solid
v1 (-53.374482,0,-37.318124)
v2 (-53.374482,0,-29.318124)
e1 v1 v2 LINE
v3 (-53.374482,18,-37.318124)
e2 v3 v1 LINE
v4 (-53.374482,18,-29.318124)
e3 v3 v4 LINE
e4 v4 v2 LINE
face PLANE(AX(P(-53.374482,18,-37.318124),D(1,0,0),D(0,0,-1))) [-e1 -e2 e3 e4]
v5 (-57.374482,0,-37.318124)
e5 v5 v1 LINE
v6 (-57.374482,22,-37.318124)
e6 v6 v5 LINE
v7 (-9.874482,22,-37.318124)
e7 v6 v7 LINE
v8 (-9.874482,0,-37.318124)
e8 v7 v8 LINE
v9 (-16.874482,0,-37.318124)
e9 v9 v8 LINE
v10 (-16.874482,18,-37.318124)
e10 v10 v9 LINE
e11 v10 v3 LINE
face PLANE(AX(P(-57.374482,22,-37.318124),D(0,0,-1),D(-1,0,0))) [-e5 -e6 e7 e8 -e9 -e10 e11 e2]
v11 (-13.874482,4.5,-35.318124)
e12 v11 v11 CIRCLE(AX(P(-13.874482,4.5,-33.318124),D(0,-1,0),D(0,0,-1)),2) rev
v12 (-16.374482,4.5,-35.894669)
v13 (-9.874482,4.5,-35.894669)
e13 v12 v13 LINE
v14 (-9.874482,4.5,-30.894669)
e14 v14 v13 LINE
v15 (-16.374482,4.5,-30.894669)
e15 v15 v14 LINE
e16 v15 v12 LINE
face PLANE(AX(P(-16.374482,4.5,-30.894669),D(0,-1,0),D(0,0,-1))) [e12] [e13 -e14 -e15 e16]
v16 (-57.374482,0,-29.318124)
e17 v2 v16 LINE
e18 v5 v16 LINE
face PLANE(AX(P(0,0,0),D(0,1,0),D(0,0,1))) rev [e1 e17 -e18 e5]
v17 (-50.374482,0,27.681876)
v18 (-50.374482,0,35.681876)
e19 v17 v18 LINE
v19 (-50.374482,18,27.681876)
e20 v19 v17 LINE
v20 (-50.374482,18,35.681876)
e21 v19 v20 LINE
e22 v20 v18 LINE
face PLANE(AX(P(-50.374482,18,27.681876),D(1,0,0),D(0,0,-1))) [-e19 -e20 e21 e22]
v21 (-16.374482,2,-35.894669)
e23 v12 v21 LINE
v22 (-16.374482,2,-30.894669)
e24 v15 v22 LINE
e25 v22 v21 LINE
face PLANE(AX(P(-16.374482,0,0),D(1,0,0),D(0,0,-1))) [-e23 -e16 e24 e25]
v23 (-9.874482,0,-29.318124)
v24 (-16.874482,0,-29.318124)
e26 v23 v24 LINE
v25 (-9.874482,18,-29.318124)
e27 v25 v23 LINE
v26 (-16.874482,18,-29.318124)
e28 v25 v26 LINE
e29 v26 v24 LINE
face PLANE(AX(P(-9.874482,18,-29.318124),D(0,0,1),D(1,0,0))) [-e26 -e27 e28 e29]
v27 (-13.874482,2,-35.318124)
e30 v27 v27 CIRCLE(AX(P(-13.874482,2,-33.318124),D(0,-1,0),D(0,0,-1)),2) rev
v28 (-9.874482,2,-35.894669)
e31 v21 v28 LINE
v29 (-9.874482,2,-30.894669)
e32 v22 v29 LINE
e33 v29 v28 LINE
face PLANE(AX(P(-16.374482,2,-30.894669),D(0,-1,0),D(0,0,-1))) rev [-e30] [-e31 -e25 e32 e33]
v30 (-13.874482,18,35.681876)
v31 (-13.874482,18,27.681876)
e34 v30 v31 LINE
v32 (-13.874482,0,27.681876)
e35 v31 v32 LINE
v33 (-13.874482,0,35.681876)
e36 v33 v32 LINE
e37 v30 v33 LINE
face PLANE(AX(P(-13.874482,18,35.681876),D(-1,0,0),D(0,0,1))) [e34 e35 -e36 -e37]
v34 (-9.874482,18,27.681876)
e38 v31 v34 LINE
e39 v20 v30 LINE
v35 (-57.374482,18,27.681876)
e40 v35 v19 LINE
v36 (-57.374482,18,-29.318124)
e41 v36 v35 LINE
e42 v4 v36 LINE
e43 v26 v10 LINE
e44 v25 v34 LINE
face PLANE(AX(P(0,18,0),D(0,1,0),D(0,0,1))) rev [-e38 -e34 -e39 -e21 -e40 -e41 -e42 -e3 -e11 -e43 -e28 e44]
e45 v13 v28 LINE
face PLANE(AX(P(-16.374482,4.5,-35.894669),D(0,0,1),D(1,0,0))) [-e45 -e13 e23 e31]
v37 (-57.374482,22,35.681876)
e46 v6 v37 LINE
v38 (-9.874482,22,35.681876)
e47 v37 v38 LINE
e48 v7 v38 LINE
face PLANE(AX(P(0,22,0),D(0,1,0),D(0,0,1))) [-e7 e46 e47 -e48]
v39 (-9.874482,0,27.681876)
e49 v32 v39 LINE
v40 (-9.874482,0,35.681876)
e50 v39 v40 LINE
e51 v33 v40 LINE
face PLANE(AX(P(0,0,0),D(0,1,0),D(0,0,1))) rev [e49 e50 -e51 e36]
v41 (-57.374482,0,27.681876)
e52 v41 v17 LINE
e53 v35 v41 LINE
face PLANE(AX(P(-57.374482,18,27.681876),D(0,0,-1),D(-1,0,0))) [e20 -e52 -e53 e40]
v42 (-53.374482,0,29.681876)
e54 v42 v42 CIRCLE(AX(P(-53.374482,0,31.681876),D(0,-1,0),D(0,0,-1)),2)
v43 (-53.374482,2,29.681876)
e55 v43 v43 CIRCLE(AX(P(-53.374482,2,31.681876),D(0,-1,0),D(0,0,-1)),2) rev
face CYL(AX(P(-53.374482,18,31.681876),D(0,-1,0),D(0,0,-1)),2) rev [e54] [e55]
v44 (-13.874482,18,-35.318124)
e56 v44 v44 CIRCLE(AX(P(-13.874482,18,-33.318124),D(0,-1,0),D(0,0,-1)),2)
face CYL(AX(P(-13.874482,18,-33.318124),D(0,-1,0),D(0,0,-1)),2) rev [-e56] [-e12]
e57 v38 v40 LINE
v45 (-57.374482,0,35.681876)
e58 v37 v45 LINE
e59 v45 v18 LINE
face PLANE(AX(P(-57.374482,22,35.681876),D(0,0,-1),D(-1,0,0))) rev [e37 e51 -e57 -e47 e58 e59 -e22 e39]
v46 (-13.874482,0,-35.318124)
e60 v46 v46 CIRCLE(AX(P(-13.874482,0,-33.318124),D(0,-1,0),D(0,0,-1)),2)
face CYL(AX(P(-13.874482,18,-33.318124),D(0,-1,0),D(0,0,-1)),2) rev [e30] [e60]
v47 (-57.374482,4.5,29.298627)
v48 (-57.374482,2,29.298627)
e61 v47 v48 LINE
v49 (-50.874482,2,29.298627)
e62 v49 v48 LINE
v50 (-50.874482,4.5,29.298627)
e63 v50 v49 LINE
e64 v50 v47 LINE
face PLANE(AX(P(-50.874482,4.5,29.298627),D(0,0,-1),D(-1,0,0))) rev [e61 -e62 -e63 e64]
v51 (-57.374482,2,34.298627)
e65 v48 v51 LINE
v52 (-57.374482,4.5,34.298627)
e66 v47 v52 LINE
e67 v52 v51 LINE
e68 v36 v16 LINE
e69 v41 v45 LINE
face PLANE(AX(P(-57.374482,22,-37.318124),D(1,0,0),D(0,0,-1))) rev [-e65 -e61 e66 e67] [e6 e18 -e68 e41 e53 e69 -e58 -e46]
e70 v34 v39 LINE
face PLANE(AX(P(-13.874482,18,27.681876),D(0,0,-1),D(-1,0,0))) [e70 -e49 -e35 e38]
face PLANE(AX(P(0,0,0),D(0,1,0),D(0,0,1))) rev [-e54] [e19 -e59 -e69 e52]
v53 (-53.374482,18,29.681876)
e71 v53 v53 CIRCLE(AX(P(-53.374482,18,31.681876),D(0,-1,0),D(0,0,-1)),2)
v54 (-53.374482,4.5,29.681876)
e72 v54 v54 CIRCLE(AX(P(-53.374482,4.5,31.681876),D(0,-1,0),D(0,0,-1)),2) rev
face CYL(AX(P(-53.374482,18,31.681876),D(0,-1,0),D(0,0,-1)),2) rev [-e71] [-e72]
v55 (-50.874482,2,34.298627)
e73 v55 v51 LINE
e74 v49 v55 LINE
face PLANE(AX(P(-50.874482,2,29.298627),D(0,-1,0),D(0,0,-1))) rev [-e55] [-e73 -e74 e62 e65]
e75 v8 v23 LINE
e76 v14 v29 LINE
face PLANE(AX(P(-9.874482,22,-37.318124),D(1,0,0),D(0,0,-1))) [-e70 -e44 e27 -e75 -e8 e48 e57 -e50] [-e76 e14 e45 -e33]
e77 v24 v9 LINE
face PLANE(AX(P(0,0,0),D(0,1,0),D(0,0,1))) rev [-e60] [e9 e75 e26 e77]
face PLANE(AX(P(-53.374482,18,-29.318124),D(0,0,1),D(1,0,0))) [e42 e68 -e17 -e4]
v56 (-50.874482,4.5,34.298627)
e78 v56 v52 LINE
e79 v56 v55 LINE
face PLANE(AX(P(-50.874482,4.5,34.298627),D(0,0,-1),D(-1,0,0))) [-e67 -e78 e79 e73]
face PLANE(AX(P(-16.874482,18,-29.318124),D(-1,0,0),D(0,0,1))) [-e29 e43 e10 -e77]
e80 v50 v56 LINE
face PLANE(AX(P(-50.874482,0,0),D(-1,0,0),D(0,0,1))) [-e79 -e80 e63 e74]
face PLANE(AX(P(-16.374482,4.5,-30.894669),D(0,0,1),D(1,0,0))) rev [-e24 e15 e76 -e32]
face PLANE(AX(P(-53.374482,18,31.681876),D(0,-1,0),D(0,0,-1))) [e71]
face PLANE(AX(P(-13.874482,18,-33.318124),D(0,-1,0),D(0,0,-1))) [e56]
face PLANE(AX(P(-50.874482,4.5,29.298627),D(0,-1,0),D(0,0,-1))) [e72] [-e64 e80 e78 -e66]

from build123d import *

# Parameters (mm, degrees)
SKETCH1_W           = 47.5
SKETCH1_H           = 73
BOSS_EXTRUDE1_DEPTH = 22
CUT_EXTRUDE1_DEPTH  = 18
SKETCH4_R           = 2
CUT_EXTRUDE2_DEPTH  = 18
SKETCH5_W           = 5
SKETCH5_H           = 2.5
CUT_EXTRUDE3_DEPTH  = 6.5
SKETCH9_W           = 5
SKETCH9_H           = 2.5
CUT_EXTRUDE4_DEPTH  = 6.5


with BuildPart() as part:
    # Sketch1 → Boss-Extrude1 (new body)
    with BuildSketch(Plane(origin=(0, 0, 0), x_dir=(1, 0, 0), z_dir=(0, 1, 0))):
        with Locations((-33.624481527, 0.818123821)):
            Rectangle(SKETCH1_W, SKETCH1_H)
    extrude(amount=BOSS_EXTRUDE1_DEPTH)

    # Sketch2 → Cut-Extrude1 (cut)
    with BuildSketch(Plane.XZ):
        Polygon((-57.374481527, 27.681876179), (-50.374481527, 27.681876179), (-50.374481527, 35.681876179), (-13.874481527, 35.681876179), (-13.874481527, 27.681876179), (-9.874481527, 27.681876179), (-9.874481527, -29.318123821), (-16.874481527, -29.318123821), (-16.874481527, -37.318123821), (-53.374481527, -37.318123821), (-53.374481527, -29.318123821), (-57.374481527, -29.318123821), align=None)
    extrude(amount=-CUT_EXTRUDE1_DEPTH, mode=Mode.SUBTRACT)

    # Sketch4 → Cut-Extrude2 (cut)
    with BuildSketch(Plane.XZ):
        with Locations(Location((-53.374481527, 31.681876179, 0), (0, 0, 270))):
            Circle(SKETCH4_R)
        with Locations(Location((-13.874481527, -33.318123821, 0), (0, 0, 270))):
            Circle(SKETCH4_R)
    extrude(amount=-CUT_EXTRUDE2_DEPTH, mode=Mode.SUBTRACT)

    # Sketch5 → Cut-Extrude3 (cut)
    with BuildSketch(Plane.ZY.offset(57.374481527)):
        with Locations((31.798626617, 3.25)):
            Rectangle(SKETCH5_W, SKETCH5_H)
    extrude(amount=-CUT_EXTRUDE3_DEPTH, mode=Mode.SUBTRACT)

    # Sketch9 → Cut-Extrude4 (cut)
    with BuildSketch(Plane(origin=(-9.874481527, 0, 0), x_dir=(0, 0, -1), z_dir=(1, 0, 0))):
        with Locations((33.394669179, 3.25)):
            Rectangle(SKETCH9_W, SKETCH9_H)
    extrude(amount=-CUT_EXTRUDE4_DEPTH, mode=Mode.SUBTRACT)


solid = part.part
